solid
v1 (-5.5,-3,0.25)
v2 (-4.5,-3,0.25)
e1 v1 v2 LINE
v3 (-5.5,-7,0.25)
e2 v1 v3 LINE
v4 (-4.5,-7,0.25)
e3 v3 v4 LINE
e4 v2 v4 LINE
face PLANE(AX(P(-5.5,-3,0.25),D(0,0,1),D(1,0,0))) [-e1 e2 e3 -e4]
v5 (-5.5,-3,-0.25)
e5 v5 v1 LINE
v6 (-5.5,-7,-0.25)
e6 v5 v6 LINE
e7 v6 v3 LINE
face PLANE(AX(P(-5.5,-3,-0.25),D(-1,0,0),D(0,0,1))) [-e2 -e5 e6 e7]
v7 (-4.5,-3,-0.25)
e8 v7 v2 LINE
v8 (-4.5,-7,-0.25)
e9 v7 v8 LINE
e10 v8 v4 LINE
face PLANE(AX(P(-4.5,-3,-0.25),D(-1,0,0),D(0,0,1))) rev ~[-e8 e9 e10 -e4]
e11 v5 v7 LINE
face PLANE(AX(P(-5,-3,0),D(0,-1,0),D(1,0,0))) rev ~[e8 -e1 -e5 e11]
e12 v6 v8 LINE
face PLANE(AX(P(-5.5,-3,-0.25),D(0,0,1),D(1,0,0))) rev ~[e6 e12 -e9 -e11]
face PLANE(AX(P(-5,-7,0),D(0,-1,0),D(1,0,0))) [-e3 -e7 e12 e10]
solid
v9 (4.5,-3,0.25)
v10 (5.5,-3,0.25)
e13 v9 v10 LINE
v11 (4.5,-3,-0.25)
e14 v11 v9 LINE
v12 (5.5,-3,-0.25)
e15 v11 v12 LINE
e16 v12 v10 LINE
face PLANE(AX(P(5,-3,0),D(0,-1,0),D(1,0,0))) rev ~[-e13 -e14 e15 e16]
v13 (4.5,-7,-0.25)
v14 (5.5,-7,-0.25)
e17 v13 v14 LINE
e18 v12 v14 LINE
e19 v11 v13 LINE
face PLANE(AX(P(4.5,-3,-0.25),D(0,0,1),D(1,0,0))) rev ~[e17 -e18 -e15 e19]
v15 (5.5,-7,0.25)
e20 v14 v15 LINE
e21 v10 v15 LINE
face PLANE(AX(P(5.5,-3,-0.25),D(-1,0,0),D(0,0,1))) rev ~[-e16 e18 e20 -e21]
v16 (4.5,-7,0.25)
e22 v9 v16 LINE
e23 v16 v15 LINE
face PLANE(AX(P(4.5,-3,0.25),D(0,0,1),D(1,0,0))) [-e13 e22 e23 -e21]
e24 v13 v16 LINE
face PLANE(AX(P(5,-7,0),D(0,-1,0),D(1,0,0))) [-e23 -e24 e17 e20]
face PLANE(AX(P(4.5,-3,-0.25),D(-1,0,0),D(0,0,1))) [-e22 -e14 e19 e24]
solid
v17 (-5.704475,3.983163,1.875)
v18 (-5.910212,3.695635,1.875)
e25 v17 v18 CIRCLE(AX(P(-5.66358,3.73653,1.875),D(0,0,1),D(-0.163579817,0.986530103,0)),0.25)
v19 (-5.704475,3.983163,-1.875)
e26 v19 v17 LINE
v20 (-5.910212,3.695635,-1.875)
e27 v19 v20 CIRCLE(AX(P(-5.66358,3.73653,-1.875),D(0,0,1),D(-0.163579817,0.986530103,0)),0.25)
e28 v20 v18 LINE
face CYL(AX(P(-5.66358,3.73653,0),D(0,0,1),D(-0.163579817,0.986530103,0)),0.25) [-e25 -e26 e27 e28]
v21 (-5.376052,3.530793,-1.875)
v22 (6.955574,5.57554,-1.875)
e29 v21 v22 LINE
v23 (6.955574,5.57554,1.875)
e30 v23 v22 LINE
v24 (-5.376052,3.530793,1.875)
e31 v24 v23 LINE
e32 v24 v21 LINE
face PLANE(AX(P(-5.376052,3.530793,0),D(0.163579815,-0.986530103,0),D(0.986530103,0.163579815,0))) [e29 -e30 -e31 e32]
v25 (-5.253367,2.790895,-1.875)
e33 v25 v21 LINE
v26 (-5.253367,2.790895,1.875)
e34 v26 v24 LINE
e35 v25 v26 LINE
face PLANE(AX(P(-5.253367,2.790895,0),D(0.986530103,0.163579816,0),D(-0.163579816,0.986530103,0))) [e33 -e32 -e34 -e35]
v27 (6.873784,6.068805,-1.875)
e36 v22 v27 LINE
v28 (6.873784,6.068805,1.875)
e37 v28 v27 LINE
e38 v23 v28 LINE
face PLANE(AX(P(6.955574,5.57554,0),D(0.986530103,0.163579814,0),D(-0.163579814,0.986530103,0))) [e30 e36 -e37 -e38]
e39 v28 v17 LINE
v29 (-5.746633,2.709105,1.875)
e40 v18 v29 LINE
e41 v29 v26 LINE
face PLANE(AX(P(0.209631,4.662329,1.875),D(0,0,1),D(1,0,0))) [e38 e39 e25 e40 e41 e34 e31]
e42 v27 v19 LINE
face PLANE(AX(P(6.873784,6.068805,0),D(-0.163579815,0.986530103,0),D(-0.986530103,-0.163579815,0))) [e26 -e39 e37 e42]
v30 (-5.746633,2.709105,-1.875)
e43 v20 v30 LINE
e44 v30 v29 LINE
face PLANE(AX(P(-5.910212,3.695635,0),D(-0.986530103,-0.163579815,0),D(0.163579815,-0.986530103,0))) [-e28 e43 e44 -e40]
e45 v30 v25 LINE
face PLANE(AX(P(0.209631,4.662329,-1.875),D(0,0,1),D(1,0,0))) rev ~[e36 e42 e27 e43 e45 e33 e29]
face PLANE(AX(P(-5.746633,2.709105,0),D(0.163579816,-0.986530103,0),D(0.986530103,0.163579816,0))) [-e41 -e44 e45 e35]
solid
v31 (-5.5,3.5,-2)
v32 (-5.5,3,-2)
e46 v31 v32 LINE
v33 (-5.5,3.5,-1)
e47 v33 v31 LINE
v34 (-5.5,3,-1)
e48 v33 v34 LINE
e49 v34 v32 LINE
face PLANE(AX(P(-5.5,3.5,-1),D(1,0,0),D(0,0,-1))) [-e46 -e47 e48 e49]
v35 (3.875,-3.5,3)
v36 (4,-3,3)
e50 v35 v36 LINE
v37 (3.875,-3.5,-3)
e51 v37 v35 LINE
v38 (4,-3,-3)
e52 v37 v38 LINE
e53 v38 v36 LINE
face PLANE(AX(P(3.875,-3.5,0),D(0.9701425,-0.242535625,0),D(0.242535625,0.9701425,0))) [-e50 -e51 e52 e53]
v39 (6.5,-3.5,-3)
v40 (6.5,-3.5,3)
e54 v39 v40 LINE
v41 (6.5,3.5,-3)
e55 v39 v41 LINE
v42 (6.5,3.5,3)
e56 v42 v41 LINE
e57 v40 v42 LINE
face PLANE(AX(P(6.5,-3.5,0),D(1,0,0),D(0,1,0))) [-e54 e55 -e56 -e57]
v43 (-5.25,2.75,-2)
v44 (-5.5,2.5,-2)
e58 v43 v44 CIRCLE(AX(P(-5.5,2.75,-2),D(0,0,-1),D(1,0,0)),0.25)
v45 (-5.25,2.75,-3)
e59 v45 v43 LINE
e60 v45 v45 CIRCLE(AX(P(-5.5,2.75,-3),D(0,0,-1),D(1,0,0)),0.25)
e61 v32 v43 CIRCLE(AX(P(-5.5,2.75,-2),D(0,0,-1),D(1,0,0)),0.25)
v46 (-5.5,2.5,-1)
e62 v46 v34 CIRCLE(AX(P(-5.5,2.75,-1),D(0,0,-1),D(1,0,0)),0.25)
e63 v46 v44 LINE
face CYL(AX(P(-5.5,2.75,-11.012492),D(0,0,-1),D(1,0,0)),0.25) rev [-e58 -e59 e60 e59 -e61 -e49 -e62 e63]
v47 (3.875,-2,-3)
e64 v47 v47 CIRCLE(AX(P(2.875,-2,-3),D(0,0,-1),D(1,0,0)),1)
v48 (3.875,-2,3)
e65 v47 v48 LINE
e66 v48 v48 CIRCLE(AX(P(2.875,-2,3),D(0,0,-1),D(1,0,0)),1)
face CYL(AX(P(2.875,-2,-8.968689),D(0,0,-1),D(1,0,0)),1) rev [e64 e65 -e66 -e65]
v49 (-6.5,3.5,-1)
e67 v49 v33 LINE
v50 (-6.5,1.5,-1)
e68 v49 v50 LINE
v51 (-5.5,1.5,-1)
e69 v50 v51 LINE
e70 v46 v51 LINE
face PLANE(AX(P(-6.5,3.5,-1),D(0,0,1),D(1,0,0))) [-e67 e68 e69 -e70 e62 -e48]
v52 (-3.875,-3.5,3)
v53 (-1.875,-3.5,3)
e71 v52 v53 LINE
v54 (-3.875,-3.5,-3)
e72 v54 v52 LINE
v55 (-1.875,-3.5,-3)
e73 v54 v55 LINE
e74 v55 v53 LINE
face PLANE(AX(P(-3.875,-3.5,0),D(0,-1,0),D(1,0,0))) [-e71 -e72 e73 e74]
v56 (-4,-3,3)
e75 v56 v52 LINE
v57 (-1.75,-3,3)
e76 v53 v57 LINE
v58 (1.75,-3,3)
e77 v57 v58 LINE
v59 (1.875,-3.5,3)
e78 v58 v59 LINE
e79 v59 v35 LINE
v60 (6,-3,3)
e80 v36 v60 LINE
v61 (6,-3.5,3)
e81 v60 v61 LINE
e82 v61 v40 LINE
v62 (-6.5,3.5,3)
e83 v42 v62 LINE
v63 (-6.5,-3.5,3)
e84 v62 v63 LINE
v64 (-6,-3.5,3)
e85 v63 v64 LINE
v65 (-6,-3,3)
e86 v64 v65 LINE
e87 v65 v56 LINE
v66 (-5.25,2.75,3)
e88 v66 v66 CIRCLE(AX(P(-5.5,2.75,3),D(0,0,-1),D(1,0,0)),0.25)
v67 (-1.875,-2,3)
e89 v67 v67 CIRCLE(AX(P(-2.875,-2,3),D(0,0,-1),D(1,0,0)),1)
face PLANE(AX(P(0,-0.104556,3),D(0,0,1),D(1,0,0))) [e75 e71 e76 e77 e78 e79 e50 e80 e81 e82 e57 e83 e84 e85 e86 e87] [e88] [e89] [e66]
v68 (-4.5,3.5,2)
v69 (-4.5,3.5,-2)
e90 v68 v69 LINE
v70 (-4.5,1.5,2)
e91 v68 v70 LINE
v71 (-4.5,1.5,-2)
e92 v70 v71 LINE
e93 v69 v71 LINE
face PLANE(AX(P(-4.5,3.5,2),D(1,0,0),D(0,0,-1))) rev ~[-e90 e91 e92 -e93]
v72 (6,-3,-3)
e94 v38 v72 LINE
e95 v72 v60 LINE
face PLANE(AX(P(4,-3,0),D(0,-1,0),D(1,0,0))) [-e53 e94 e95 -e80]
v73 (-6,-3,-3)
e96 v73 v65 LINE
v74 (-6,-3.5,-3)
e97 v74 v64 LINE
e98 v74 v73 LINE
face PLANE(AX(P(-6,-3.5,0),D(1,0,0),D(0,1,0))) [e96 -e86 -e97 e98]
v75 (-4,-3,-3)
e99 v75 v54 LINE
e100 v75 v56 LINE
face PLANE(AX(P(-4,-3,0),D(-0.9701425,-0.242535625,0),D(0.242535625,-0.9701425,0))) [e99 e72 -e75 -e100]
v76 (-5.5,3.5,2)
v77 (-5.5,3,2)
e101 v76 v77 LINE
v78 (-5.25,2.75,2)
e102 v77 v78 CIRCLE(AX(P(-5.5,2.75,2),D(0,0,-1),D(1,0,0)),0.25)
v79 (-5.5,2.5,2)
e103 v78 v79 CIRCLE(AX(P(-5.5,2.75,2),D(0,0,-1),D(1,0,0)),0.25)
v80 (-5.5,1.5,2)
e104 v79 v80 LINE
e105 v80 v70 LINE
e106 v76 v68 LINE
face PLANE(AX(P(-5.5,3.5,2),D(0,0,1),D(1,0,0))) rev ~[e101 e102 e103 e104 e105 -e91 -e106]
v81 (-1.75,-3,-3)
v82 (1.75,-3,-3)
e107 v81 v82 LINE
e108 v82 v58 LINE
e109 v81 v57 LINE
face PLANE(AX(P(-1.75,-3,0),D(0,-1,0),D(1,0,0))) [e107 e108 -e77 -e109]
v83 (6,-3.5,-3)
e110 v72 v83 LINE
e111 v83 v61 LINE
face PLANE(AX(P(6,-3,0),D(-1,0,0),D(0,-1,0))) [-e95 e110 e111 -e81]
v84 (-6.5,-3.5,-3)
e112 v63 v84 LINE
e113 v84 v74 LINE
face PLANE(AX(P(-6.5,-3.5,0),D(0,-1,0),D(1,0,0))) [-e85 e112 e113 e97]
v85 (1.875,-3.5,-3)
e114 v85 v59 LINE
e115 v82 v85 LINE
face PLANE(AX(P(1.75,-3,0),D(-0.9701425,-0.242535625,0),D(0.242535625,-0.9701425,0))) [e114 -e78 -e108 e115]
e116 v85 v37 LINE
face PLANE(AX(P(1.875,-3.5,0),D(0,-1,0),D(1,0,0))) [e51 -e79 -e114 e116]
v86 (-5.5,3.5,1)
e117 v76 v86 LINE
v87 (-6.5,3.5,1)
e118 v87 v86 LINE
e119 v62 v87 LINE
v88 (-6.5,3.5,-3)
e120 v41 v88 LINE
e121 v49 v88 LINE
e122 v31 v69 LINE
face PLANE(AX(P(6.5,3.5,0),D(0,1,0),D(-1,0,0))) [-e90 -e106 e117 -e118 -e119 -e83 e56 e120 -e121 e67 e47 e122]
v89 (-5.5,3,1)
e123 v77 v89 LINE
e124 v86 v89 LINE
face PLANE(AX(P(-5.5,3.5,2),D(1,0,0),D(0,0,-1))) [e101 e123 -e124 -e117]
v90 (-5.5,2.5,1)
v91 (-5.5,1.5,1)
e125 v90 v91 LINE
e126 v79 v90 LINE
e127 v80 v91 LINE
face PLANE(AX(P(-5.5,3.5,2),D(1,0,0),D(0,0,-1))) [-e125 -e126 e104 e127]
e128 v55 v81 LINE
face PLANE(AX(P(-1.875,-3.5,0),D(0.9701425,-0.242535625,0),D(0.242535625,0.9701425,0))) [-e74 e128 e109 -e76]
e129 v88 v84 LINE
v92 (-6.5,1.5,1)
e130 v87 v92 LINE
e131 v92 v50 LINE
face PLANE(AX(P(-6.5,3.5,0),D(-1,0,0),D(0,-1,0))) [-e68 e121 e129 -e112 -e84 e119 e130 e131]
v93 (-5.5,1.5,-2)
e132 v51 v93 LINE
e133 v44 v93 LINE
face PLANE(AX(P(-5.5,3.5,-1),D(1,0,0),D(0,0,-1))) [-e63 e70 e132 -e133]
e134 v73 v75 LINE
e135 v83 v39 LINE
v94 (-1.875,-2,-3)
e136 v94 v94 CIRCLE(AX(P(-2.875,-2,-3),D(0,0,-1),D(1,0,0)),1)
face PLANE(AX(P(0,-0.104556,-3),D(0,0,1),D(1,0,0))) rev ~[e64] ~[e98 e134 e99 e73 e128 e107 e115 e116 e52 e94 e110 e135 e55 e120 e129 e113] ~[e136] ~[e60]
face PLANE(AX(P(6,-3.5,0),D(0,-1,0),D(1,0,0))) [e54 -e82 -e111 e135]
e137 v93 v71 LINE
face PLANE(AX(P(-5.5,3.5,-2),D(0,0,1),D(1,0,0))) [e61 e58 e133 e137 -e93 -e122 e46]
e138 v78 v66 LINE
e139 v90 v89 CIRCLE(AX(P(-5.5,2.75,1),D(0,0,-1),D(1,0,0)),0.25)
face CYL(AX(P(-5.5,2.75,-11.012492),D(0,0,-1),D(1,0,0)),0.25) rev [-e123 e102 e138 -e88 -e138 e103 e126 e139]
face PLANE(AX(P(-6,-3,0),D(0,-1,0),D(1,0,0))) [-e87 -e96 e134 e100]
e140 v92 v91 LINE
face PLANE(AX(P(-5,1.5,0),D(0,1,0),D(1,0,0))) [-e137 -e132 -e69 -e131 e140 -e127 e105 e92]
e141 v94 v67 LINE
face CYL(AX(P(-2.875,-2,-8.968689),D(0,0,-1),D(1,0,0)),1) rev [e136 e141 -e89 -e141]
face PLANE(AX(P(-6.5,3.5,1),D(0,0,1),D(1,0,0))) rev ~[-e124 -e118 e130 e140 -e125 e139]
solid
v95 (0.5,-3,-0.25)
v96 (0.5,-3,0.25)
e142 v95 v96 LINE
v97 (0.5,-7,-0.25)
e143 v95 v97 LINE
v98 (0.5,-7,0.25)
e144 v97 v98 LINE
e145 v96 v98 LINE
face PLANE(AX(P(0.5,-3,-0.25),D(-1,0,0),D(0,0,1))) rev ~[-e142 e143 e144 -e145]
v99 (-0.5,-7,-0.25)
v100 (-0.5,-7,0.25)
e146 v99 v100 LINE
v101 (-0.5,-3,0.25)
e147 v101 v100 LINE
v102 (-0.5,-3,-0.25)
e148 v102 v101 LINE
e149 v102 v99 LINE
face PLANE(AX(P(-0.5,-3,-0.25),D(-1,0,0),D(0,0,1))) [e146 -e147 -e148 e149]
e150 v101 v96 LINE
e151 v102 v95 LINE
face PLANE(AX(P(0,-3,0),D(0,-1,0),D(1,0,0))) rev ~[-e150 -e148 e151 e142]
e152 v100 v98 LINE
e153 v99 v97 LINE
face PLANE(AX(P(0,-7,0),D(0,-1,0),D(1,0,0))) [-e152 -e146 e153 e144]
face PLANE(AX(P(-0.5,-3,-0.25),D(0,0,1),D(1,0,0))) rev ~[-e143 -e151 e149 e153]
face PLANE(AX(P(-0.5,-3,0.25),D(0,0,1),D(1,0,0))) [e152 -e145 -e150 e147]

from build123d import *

# Parameters (mm, degrees)
BOSS_EXTRUDE1_DEPTH     = 3
CUT_EXTRUDE1_DEPTH      = 8.968688725
CUT_EXTRUDE1_DEPTH_BACK = 8.968688725
SKETCH2_R               = 1
SKETCH3_W               = 1
SKETCH3_H               = 0.5
BOSS_EXTRUDE2_DEPTH     = 4
BOSS_EXTRUDE2_2_DEPTH   = 4
BOSS_EXTRUDE2_3_DEPTH   = 4
CUT_EXTRUDE2_DEPTH      = 11.012492197
CUT_EXTRUDE2_DEPTH_BACK = 11.012492197
SKETCH5_R               = 0.25
SKETCH6_W               = 1
SKETCH6_H               = 4
SKETCH6_H_2             = 2
CUT_EXTRUDE3_DEPTH      = 2
BOSS_EXTRUDE3_DEPTH     = 1.875


with BuildPart() as part:
    # Sketch1 → Boss-Extrude1 (new, symmetric)
    with BuildSketch(Plane.XY):
        Polygon((-6.5, -3.5), (-6, -3.5), (-6, -3), (-4, -3), (-3.875, -3.5), (-1.875, -3.5), (-1.75, -3), (1.75, -3), (1.875, -3.5), (3.875, -3.5), (4, -3), (6, -3), (6, -3.5), (6.5, -3.5), (6.5, 3.5), (-6.5, 3.5), align=None)
    extrude(amount=BOSS_EXTRUDE1_DEPTH, both=True)

    # Sketch2 → Cut-Extrude1 (cut, two sides: drawn at the far end of the back side and taken through both)
    with BuildSketch(Plane.XY.offset(-CUT_EXTRUDE1_DEPTH_BACK)):
        with Locations((-2.875, -2)):
            Circle(SKETCH2_R)
        with Locations((2.875, -2)):
            Circle(SKETCH2_R)
    extrude(amount=CUT_EXTRUDE1_DEPTH + CUT_EXTRUDE1_DEPTH_BACK, mode=Mode.SUBTRACT)

    # Sketch5 → Cut-Extrude2 (cut, two sides: drawn at the far end of the back side and taken through both)
    with BuildSketch(Plane.XY.offset(-CUT_EXTRUDE2_DEPTH_BACK)):
        with Locations((-5.5, 2.75)):
            Circle(SKETCH5_R)
    extrude(amount=CUT_EXTRUDE2_DEPTH + CUT_EXTRUDE2_DEPTH_BACK, mode=Mode.SUBTRACT)

    # Sketch6 → Cut-Extrude3 (cut)
    with BuildSketch(Plane(origin=(0, 3.5, 0), x_dir=(1, 0, 0), z_dir=(0, 1, 0))):
        with Locations((-5, 0)):
            Rectangle(SKETCH6_W, SKETCH6_H)
        with Locations((-6, 0)):
            Rectangle(SKETCH6_W, SKETCH6_H_2)
    extrude(amount=-CUT_EXTRUDE3_DEPTH, mode=Mode.SUBTRACT)


with BuildPart() as body_2:
    # Sketch3 → Boss-Extrude2 (new body)
    with BuildSketch(Plane.XZ.offset(3)):
        Rectangle(SKETCH3_W, SKETCH3_H)
    extrude(amount=BOSS_EXTRUDE2_DEPTH)


with BuildPart() as body_3:
    # Sketch3 → Boss-Extrude2 2 (new body)
    with BuildSketch(Plane.XZ.offset(3)):
        with Locations((-5, 0)):
            Rectangle(SKETCH3_W, SKETCH3_H)
    extrude(amount=BOSS_EXTRUDE2_2_DEPTH)


with BuildPart() as body_4:
    # Sketch3 → Boss-Extrude2 3 (new body)
    with BuildSketch(Plane.XZ.offset(3)):
        with Locations((5, 0)):
            Rectangle(SKETCH3_W, SKETCH3_H)
    extrude(amount=BOSS_EXTRUDE2_3_DEPTH)


with BuildPart() as body_5:
    # Sketch4 → Boss-Extrude3 (new, symmetric)
    with BuildSketch(Plane.XY):
        with BuildLine():
            Line((6.873784044, 6.068805273), (-5.704474769, 3.983162629))
            ThreePointArc((-5.704474769, 3.983162629), (-5.866892446, 3.882008535), (-5.910212341, 3.695635149))
            Line((-5.910212341, 3.695635149), (-5.746632526, 2.709105046))
            Line((-5.746632526, 2.709105046), (-5.253367474, 2.790894954))
            Line((-5.253367474, 2.790894954), (-5.376052336, 3.530792531))
            Line((-5.376052336, 3.530792531), (6.955573951, 5.575540222))
            Line((6.955573951, 5.575540222), (6.873784044, 6.068805273))
        make_face()
    extrude(amount=BOSS_EXTRUDE3_DEPTH, both=True)


solid = Compound([part.part, body_2.part, body_3.part, body_4.part, body_5.part])
